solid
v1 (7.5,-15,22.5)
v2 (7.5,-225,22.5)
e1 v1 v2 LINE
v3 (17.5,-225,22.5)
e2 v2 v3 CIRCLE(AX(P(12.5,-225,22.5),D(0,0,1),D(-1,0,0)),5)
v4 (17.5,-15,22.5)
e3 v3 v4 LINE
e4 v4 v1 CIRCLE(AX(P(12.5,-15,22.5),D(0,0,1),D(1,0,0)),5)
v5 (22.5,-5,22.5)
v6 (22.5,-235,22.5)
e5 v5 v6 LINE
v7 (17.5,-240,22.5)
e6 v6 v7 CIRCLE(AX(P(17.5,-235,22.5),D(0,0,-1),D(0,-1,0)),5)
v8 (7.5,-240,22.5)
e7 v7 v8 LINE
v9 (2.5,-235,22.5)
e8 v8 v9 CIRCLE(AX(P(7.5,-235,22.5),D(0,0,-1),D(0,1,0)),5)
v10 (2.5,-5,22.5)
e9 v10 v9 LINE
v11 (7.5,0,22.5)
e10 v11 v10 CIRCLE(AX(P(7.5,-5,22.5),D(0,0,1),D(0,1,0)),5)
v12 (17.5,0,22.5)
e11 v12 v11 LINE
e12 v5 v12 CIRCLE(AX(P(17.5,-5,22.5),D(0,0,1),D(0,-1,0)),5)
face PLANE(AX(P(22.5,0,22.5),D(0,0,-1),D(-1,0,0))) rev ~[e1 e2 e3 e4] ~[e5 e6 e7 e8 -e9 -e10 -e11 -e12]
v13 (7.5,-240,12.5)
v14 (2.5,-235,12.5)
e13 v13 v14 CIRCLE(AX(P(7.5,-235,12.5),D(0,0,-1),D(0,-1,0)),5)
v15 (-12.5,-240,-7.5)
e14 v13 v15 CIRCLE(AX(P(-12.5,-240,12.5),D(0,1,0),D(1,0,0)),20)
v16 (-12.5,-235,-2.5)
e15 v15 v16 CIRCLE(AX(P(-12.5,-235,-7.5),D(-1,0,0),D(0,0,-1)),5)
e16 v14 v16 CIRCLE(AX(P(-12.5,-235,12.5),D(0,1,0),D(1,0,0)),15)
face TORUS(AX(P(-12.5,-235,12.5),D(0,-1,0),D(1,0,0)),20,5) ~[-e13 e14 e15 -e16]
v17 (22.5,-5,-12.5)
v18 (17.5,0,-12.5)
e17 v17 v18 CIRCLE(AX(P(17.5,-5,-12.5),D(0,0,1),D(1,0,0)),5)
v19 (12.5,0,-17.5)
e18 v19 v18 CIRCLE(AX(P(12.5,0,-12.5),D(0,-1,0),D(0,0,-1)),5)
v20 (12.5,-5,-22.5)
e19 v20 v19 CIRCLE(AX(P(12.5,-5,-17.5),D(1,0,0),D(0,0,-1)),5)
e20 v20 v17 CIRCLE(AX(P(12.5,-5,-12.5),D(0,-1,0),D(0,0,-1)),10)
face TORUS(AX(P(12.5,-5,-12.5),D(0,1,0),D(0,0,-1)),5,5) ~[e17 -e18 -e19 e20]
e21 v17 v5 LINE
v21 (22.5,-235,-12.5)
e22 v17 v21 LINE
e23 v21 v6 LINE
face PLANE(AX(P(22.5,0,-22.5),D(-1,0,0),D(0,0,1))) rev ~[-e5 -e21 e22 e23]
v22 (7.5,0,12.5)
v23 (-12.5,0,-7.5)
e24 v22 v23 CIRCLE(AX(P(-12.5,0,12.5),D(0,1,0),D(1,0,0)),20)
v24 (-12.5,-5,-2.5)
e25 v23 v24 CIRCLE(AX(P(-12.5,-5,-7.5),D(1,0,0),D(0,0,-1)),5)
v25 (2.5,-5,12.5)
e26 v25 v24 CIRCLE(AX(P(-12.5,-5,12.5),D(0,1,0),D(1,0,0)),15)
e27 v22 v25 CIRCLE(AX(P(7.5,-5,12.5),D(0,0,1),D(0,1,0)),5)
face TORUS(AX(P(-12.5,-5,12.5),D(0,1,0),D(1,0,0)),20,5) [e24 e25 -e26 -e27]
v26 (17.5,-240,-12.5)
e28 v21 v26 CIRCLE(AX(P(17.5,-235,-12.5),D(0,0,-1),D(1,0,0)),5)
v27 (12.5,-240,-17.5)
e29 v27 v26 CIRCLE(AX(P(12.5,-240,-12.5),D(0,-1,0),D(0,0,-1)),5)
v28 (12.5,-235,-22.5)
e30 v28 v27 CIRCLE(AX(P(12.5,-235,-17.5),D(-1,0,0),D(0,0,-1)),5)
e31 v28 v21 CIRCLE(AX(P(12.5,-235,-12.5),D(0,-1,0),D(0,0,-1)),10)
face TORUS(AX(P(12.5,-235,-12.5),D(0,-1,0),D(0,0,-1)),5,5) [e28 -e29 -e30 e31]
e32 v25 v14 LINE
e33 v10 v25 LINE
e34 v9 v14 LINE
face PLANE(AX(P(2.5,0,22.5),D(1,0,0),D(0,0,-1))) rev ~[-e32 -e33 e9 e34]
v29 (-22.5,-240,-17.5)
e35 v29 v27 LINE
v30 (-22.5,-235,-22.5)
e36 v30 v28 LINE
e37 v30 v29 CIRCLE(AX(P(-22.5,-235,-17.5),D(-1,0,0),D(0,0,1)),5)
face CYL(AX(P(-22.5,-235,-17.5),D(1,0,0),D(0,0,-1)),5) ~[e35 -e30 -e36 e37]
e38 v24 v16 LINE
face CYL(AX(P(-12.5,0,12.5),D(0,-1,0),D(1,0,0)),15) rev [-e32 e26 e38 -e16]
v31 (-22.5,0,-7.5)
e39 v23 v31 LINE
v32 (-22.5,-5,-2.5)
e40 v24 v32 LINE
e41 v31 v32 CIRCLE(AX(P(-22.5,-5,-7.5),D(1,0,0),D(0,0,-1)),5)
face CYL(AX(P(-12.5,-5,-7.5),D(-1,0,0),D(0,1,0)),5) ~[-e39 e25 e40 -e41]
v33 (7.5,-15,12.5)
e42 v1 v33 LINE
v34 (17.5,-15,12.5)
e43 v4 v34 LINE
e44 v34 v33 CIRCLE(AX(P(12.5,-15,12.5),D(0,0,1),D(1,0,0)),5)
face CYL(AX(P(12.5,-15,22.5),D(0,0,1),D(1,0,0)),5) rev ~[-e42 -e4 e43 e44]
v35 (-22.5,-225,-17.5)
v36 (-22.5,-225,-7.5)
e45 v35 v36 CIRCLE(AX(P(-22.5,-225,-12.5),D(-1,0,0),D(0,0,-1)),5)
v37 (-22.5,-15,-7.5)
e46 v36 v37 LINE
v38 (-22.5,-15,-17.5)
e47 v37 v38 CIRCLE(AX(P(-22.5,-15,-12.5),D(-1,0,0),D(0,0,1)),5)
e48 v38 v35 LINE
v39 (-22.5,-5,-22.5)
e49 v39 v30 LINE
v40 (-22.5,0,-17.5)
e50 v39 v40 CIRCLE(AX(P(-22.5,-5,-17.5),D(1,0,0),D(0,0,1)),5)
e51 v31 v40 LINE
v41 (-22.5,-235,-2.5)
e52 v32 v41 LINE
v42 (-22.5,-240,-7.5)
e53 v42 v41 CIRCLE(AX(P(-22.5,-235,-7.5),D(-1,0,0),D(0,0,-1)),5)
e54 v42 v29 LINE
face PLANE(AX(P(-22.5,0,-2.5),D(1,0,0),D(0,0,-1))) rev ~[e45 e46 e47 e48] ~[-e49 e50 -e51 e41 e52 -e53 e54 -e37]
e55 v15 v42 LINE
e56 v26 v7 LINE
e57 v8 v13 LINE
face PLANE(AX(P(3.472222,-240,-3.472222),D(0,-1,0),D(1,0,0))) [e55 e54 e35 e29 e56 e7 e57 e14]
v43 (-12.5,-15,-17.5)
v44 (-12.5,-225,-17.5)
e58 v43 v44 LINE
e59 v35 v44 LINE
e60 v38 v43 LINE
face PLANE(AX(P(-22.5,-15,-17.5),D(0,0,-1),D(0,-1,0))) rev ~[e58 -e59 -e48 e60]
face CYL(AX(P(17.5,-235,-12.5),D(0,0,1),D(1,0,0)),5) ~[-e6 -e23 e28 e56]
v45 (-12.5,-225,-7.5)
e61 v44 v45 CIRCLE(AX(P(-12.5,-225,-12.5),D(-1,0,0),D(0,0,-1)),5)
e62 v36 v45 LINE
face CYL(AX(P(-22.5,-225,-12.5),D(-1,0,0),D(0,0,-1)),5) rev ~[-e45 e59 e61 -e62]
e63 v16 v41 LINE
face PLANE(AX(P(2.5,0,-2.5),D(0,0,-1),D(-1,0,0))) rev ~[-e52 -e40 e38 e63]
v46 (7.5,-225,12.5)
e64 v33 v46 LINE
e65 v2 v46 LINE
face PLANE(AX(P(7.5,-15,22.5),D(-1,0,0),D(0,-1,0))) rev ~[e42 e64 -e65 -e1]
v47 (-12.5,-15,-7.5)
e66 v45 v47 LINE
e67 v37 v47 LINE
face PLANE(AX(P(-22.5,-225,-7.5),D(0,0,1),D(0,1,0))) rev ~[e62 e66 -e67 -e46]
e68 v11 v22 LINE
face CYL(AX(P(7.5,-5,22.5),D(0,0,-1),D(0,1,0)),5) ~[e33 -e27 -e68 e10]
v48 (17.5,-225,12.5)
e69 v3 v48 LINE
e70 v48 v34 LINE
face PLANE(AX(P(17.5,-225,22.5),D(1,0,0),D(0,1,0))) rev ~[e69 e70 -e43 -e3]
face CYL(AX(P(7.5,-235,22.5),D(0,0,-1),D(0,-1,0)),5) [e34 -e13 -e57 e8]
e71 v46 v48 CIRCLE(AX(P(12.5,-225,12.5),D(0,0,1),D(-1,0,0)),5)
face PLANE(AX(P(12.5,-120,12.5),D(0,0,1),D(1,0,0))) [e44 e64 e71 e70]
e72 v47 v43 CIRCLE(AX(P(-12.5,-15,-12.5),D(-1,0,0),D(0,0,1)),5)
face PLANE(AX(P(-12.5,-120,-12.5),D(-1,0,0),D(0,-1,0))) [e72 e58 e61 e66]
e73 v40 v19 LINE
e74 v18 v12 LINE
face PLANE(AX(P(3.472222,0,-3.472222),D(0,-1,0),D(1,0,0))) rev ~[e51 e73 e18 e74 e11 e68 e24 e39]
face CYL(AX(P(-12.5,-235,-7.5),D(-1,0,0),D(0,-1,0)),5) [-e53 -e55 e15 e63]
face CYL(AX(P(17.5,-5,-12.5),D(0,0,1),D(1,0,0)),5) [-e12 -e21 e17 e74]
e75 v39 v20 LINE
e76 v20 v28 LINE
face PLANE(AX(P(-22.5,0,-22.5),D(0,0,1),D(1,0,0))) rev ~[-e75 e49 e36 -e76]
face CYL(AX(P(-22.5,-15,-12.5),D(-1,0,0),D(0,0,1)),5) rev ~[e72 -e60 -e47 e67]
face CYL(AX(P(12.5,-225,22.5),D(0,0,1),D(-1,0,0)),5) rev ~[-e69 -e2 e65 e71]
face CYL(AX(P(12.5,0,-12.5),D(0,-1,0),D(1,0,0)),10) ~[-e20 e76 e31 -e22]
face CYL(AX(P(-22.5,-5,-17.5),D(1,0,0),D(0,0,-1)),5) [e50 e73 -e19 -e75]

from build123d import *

# Parameters (mm, degrees)
F1_DEPTH = 240
F2_R     = 15
F3_R     = 10
F5_DEPTH = 10
F7_DEPTH = 10
F8_R     = 5
F9_R     = 5
F10_R    = 5


with BuildPart() as f1:
    # F0 (on Front) → F1 (new body)
    with BuildSketch(Plane.XZ):
        Polygon((-22.5, -22.5), (22.5, -22.5), (22.5, 22.5), (2.5, 22.5), (2.5, -2.5), (-22.5, -2.5), align=None)
    extrude(amount=F1_DEPTH)

    # F2
    f2_edges = [f1.edges().sort_by_distance(p)[0] for p in [
        (2.5, -120, -2.5),
    ]]
    fillet(f2_edges, radius=F2_R)

    # F3
    f3_edges = [f1.edges().sort_by_distance(p)[0] for p in [
        (22.5, -120, -22.5),
    ]]
    fillet(f3_edges, radius=F3_R)

    # F4 (on face) → F5 (cut)
    with BuildSketch(Plane.XY.offset(22.5)):
        with BuildLine():
            Line((7.5, -15), (7.5, -225))
            ThreePointArc((7.5, -225), (12.5, -230), (17.5, -225))
            Line((17.5, -225), (17.5, -15))
            ThreePointArc((17.5, -15), (12.5, -10), (7.5, -15))
        make_face()
    extrude(amount=-F5_DEPTH, mode=Mode.SUBTRACT)

    # F6 (on face) → F7 (cut)
    with BuildSketch(Plane(origin=(-22.5, 0, 0), x_dir=(0, -1, 0), z_dir=(-1, 0, 0))):
        with BuildLine():
            Line((225, -7.5), (15, -7.5))
            ThreePointArc((15, -7.5), (10, -12.5), (15, -17.5))
            Line((15, -17.5), (225, -17.5))
            ThreePointArc((225, -17.5), (230, -12.5), (225, -7.5))
        make_face()
    extrude(amount=-F7_DEPTH, mode=Mode.SUBTRACT)

    # F8
    f8_edges = [f1.edges().sort_by_distance(p)[0] for p in [
        (22.5, -240, 5),
        (19.571068, -240, -19.571068),
    ]]
    fillet(f8_edges, radius=F8_R)

    # F9
    f9_edges = [f1.edges().sort_by_distance(p)[0] for p in [
        (22.5, 0, 5),
    ]]
    fillet(f9_edges, radius=F9_R)

    # F10
    f10_edges = [f1.edges().sort_by_distance(p)[0] for p in [
        (-1.893398, -240, 1.893398),
        (-1.893398, 0, 1.893398),
    ]]
    fillet(f10_edges, radius=F10_R)


solid = f1.part
